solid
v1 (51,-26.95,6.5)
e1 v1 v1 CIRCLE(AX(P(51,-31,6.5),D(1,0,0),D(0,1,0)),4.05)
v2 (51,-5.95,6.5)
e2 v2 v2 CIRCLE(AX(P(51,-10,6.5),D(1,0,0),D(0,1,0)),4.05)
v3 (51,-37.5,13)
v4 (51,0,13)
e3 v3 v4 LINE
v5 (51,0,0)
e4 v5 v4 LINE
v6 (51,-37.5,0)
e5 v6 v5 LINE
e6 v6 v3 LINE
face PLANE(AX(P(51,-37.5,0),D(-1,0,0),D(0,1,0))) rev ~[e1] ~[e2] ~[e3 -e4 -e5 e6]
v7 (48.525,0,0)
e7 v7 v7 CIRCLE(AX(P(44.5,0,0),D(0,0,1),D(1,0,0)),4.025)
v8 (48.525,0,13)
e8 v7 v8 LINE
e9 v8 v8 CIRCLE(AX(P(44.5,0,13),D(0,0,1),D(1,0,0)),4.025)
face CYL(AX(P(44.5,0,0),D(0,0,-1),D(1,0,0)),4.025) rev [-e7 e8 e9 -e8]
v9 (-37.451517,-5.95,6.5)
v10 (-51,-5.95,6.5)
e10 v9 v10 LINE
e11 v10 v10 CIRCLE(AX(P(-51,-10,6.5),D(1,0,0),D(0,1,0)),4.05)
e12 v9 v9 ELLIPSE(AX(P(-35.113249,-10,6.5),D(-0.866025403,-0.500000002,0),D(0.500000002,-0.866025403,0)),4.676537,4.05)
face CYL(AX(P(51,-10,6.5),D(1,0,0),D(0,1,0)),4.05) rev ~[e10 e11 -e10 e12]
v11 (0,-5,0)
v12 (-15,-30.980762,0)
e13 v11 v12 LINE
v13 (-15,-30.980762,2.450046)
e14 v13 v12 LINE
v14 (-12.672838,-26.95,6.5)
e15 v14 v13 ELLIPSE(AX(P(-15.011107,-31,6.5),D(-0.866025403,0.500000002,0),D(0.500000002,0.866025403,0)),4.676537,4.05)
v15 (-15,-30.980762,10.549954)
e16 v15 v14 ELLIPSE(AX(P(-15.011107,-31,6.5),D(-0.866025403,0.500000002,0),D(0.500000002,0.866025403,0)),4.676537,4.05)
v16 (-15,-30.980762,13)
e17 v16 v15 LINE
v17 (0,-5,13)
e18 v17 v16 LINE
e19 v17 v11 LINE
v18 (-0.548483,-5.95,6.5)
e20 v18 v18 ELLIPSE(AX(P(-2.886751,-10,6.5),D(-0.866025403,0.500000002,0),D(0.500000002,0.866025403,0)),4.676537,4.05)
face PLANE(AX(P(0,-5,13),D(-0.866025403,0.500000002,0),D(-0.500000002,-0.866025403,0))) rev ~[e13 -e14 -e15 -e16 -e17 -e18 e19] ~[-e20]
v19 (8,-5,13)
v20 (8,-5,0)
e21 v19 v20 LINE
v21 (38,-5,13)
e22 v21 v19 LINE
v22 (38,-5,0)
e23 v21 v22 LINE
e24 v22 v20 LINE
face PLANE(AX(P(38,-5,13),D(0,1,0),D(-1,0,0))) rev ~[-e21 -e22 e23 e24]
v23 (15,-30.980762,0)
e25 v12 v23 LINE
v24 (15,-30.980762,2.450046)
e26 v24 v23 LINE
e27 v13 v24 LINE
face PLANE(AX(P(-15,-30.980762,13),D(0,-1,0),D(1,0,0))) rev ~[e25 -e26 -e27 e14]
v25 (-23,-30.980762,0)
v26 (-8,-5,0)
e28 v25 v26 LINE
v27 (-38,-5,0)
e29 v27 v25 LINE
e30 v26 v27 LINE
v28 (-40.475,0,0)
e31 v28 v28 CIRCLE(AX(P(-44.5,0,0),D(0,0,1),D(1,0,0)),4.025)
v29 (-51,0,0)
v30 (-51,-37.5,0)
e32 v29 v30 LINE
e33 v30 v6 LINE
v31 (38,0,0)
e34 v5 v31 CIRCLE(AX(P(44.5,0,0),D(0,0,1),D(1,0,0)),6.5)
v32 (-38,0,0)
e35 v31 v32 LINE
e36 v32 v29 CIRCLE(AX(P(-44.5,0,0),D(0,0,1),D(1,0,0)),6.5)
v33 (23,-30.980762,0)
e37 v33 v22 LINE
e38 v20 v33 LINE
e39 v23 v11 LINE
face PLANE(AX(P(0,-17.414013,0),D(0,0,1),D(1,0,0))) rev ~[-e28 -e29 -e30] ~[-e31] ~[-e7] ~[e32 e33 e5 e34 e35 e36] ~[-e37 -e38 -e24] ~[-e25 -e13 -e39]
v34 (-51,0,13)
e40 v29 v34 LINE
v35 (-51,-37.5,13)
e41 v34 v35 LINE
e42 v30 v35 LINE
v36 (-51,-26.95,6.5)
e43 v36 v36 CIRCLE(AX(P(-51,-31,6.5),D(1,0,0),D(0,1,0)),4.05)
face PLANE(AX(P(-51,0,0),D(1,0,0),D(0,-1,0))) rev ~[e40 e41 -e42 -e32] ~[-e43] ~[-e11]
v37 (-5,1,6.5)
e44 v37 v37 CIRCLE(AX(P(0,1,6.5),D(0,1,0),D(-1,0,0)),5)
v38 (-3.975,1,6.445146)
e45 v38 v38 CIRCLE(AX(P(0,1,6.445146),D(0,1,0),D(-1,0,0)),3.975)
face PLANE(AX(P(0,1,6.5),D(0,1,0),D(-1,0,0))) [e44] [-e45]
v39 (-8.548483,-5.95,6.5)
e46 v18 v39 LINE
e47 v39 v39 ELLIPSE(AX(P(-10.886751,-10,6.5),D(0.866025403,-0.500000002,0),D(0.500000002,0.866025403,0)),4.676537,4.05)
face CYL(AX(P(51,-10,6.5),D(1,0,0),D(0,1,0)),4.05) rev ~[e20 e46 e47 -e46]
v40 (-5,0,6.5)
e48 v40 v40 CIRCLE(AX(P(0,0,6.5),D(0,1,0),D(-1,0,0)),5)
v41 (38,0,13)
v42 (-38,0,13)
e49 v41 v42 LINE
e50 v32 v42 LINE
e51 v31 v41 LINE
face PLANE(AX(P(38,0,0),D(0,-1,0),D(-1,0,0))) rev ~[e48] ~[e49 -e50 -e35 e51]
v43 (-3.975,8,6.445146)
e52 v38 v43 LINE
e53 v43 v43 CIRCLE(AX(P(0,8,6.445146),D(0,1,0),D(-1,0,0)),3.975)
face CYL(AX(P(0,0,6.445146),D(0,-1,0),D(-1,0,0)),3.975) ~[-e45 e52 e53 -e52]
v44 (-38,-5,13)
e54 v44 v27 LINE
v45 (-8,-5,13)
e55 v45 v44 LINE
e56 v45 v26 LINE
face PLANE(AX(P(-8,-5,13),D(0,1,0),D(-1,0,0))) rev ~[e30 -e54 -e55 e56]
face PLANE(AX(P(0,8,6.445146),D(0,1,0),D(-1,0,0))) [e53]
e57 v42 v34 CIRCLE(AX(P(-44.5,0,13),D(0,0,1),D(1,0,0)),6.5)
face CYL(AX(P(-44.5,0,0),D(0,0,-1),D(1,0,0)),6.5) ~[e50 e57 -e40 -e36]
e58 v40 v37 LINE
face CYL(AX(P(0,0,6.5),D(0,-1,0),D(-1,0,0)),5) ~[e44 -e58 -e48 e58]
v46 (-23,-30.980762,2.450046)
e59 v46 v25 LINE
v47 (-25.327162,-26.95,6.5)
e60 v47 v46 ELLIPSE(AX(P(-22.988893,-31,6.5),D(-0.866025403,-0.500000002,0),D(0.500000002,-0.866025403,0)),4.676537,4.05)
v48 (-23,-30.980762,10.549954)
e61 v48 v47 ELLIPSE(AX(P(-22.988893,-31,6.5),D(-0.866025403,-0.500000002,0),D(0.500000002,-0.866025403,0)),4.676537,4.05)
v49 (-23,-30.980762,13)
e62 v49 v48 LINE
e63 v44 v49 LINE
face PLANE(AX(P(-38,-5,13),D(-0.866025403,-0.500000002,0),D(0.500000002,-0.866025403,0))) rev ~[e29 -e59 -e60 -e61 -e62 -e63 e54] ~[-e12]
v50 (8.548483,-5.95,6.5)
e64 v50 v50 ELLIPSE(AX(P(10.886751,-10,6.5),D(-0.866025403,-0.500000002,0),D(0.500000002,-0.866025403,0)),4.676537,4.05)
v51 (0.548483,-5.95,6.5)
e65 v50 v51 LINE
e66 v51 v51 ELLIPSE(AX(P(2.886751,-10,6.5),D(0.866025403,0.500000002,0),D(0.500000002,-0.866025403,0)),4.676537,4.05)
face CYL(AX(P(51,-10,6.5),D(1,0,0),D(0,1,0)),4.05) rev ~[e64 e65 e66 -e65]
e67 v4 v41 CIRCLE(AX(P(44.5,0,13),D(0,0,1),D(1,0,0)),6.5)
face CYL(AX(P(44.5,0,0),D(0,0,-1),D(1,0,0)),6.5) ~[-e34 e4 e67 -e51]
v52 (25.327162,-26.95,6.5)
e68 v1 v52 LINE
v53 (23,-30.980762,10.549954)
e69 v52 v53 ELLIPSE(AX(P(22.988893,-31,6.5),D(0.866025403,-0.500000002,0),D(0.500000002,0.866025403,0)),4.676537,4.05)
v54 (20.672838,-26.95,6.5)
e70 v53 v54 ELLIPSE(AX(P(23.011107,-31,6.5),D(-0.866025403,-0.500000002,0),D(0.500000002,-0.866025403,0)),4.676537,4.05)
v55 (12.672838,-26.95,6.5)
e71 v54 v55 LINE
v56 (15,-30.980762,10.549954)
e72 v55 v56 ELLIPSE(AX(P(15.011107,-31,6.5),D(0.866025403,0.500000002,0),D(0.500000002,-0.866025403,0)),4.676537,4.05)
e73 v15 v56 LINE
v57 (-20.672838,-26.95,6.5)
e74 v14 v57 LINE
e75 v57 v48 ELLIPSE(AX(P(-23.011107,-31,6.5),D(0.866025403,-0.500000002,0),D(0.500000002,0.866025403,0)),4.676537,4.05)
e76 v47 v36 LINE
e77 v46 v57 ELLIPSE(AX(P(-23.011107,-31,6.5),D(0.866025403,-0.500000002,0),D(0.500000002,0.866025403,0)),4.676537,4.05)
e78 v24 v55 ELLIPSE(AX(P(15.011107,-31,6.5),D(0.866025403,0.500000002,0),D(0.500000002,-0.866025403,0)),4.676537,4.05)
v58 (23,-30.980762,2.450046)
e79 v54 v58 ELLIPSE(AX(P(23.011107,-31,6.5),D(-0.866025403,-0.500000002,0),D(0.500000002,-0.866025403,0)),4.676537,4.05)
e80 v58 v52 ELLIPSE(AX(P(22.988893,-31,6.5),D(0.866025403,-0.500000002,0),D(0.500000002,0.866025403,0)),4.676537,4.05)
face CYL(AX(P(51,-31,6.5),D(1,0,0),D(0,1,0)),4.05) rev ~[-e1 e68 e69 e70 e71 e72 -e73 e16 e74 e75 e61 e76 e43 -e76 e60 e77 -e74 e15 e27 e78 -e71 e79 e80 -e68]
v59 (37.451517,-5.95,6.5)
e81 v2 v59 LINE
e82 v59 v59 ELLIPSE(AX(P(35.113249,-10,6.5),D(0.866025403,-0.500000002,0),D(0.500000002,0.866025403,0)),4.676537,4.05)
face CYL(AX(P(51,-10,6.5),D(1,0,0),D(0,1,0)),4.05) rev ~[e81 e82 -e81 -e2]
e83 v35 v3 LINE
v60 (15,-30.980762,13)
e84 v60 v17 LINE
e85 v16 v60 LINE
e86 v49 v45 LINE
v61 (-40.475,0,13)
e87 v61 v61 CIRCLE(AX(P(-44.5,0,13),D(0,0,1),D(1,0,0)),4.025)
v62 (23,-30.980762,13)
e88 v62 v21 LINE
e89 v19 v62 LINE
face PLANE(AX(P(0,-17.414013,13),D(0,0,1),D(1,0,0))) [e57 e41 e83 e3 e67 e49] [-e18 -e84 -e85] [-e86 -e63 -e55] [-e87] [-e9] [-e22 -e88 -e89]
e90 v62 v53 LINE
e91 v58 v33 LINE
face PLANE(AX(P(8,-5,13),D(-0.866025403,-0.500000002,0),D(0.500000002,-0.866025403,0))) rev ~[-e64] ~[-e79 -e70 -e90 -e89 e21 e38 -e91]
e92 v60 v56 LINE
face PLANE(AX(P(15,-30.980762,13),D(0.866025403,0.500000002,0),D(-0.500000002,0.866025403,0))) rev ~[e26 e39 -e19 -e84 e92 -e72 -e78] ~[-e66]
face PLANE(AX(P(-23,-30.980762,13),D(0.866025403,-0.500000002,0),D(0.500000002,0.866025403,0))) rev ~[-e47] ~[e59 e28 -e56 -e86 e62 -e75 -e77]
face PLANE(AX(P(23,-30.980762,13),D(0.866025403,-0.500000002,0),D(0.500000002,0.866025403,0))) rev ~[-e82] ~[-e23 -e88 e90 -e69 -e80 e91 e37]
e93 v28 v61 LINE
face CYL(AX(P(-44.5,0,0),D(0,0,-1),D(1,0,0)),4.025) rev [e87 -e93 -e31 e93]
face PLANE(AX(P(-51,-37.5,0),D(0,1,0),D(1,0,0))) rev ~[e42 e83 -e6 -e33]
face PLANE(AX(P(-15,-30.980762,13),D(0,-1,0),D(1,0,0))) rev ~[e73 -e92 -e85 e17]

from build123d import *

# Parameters (mm, degrees)
F0_R     = 4.025
F1_DEPTH = 13
F2_R     = 4.05
F3_DEPTH = 200
F5_DEPTH = 25
F6_R     = 5
F6_R_2   = 3.975
F7_DEPTH = 1
F8_DEPTH = 8


with BuildPart() as f1:
    # F0 (on Top) → F1 (new body)
    with BuildSketch(Plane.XY):
        with BuildLine():
            Line((38, 0), (0, 0))
            Line((0, 0), (-38, 0))
            ThreePointArc((-38, 0), (-44.5, 6.5), (-51, 0))
            Line((-51, 0), (-51, -37.5))
            Line((-51, -37.5), (0, -37.5))
            Line((0, -37.5), (51, -37.5))
            Line((51, -37.5), (51, 0))
            ThreePointArc((51, 0), (44.5, 6.5), (38, 0))
        make_face()
        with Locations((-44.5, 0)):
            Circle(F0_R, mode=Mode.SUBTRACT)
        with Locations((44.5, 0)):
            Circle(F0_R, mode=Mode.SUBTRACT)
    extrude(amount=F1_DEPTH)

    # F2 (on face) → F3 (cut)
    with BuildSketch(Plane.YZ.offset(51)):
        with Locations((-10, 6.5)):
            Circle(F2_R)
        with Locations((-31, 6.5)):
            Circle(F2_R)
    extrude(amount=-F3_DEPTH, mode=Mode.SUBTRACT)

    # F4 (on face) → F5 (cut)
    with BuildSketch(Plane.XY.offset(13)):
        Polygon((-23, -30.980762), (-8, -5), (-38, -5), align=None)
        Polygon((15, -30.980762), (0, -5), (-15, -30.980762), align=None)
        Polygon((23, -30.980762), (38, -5), (8, -5), align=None)
    extrude(amount=-F5_DEPTH, mode=Mode.SUBTRACT)

    # F6 (on face) → F7 (join)
    with BuildSketch(Plane(origin=(0, 0, 0), x_dir=(-1, 0, 0), z_dir=(0, 1, 0))):
        with Locations((0, 6.5)):
            Circle(F6_R)
        with Locations((0, 6.445146)):
            Circle(F6_R_2, mode=Mode.SUBTRACT)
    extrude(amount=F7_DEPTH)

    # F6 (on face) → F8 (join)
    with BuildSketch(Plane(origin=(0, 0, 0), x_dir=(-1, 0, 0), z_dir=(0, 1, 0))):
        with Locations((0, 6.445146)):
            Circle(F6_R_2)
    extrude(amount=F8_DEPTH)


solid = f1.part
